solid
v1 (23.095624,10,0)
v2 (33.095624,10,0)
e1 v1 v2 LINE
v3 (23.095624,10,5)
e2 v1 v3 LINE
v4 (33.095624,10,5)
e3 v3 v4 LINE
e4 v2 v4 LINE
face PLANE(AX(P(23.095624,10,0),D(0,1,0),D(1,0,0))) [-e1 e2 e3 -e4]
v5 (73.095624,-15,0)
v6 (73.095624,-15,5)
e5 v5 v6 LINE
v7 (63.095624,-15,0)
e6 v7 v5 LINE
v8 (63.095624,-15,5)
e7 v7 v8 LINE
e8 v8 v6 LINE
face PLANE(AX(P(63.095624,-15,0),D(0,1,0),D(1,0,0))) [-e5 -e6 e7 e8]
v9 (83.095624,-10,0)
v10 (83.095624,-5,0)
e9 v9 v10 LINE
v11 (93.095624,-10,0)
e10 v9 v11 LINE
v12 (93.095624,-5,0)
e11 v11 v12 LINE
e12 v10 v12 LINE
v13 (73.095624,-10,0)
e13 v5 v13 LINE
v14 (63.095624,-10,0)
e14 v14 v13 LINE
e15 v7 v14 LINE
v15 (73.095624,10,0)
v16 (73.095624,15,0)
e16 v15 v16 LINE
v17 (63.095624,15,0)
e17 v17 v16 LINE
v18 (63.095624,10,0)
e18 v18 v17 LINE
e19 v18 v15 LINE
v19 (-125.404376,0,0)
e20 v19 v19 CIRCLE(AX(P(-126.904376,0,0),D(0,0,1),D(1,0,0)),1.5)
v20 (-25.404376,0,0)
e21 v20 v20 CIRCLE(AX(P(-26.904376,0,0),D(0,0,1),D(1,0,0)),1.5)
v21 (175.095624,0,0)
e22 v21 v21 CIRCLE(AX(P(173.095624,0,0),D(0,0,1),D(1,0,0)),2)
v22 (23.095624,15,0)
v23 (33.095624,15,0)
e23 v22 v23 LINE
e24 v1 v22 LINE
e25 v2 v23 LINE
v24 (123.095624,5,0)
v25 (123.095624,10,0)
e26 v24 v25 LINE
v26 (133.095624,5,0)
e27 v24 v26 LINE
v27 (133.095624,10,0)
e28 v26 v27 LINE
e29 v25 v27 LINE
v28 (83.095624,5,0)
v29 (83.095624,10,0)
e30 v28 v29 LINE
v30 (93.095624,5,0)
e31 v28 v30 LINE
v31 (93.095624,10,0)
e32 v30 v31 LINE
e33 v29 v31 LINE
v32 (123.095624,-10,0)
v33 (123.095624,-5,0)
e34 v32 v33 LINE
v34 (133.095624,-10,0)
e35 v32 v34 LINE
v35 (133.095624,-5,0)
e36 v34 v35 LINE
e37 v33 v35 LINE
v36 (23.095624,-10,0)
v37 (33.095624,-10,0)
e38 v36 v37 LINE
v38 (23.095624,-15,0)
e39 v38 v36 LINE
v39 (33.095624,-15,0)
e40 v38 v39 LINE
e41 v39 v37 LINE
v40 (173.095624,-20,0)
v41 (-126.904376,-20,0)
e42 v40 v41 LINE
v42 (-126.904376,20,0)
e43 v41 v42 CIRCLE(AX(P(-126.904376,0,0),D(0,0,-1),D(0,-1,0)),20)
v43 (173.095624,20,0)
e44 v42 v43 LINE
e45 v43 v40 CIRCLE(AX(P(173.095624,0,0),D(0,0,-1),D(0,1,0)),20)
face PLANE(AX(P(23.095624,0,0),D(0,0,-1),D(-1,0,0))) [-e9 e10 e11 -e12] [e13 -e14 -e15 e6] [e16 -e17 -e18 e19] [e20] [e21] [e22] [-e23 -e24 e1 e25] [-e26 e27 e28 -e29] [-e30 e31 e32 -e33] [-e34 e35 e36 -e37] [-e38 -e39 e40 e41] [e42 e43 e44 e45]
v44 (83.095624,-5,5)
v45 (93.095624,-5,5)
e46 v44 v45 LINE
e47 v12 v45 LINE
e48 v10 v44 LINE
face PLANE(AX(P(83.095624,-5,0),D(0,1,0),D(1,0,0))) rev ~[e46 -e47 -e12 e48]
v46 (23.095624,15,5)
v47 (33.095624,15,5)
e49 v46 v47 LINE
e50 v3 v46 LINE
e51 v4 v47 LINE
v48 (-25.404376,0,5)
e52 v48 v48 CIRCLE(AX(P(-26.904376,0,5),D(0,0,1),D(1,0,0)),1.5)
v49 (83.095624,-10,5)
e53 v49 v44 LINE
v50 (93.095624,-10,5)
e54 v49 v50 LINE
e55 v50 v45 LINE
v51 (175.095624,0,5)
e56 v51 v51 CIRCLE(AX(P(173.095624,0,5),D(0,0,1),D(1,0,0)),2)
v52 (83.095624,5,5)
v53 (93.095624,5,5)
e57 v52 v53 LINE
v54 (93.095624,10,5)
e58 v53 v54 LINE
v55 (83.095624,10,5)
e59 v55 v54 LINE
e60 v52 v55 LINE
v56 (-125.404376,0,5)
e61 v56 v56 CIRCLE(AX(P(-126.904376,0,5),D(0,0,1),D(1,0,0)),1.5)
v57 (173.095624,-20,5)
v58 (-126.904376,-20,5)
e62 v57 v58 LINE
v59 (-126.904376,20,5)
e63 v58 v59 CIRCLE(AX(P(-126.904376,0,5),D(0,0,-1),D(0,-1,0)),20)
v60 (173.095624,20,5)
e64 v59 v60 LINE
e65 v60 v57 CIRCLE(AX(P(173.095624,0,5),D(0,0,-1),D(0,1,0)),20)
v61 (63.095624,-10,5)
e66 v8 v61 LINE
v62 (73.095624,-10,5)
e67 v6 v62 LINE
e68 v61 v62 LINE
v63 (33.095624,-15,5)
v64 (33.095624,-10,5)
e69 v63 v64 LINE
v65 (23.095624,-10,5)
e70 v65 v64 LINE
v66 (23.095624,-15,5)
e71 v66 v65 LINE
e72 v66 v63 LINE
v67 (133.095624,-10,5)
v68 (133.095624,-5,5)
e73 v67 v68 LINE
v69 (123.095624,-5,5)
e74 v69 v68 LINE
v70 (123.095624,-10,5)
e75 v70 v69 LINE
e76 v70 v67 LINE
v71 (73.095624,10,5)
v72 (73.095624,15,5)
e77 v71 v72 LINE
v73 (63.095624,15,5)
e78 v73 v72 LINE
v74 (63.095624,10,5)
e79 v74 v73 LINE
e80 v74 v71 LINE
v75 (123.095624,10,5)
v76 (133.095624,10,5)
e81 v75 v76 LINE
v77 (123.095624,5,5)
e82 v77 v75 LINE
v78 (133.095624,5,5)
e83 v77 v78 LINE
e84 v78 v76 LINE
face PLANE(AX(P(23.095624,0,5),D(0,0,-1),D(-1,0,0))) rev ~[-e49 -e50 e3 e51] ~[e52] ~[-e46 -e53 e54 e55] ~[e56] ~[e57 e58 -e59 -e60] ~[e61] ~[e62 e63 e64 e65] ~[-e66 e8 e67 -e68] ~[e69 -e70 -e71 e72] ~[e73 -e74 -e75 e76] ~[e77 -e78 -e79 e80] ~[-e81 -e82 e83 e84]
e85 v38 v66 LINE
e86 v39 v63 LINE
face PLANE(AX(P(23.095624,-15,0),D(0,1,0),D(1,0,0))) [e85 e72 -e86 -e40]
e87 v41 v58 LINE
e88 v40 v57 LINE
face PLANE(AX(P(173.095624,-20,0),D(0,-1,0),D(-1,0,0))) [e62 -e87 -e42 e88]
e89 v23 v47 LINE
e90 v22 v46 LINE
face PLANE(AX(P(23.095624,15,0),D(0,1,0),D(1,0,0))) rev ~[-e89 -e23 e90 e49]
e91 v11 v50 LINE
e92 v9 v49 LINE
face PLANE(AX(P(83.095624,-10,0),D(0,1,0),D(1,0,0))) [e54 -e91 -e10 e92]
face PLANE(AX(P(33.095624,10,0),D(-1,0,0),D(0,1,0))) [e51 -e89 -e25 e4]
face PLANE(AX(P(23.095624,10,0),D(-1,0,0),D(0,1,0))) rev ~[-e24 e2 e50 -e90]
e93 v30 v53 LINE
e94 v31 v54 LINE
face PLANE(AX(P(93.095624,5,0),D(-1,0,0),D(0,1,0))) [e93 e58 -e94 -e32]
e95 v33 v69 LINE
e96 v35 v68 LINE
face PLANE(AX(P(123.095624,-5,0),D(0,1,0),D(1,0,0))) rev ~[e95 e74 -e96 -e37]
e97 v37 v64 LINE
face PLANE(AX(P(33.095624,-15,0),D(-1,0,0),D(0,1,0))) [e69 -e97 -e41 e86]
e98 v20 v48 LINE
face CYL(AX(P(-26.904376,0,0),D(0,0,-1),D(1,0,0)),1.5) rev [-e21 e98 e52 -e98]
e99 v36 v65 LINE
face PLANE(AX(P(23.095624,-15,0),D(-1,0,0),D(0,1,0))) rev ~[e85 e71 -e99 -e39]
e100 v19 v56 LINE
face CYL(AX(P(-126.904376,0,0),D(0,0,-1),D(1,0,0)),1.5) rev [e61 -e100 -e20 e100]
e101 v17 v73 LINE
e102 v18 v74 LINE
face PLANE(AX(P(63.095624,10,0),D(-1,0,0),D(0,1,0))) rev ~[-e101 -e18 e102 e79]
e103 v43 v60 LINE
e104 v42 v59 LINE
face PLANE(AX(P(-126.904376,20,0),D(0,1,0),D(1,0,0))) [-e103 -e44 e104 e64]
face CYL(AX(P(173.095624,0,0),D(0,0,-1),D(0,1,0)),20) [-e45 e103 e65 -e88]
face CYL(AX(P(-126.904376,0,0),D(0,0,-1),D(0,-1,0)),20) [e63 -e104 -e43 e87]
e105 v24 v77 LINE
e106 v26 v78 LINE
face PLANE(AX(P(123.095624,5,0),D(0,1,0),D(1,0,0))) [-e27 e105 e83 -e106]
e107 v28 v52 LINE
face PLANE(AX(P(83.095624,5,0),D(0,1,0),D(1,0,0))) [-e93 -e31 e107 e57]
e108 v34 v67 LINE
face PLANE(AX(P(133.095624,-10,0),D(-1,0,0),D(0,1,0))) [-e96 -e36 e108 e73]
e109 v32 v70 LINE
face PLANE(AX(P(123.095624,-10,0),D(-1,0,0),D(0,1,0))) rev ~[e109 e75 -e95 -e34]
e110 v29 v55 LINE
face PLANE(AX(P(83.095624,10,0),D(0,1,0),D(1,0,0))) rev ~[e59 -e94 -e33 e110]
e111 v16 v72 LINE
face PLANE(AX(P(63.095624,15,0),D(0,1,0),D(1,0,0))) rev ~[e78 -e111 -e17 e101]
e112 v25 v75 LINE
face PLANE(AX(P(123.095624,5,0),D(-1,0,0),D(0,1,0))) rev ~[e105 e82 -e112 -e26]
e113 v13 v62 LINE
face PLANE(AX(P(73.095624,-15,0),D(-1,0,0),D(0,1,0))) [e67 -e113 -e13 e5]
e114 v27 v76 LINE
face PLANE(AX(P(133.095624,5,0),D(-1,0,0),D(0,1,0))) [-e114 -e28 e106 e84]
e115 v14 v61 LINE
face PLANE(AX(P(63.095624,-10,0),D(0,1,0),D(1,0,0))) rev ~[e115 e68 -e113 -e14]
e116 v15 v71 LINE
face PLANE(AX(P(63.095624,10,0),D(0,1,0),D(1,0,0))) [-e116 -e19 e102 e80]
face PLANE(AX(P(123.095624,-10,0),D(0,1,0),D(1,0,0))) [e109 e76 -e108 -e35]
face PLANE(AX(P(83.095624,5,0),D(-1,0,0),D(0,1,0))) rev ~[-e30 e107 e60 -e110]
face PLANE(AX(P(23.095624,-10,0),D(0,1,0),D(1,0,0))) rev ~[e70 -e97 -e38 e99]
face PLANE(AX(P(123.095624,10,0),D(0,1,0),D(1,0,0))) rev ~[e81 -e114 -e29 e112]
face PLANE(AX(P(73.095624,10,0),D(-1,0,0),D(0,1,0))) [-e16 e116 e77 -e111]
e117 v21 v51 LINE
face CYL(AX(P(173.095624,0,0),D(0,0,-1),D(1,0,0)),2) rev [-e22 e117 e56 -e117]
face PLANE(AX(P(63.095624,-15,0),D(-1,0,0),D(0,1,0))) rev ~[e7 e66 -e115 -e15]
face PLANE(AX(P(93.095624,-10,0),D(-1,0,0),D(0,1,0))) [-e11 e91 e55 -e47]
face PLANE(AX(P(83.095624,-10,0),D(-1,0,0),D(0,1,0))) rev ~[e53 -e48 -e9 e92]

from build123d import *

# Parameters (mm, degrees)
SKETCH1_R           = 1.5
SKETCH1_R_2         = 2
SKETCH1_W           = 10
SKETCH1_H           = 5
BOSS_EXTRUDE2_DEPTH = 5


with BuildPart() as part:
    # Sketch1 → Boss-Extrude2 (new body)
    with BuildSketch(Plane.XY):
        with BuildLine():
            Line((-126.904376013, 20), (173.095623987, 20))
            ThreePointArc((173.095623987, 20), (193.095623987, 0), (173.095623987, -20))
            Line((173.095623987, -20), (-126.904376013, -20))
            ThreePointArc((-126.904376013, -20), (-146.904376013, 0), (-126.904376013, 20))
        make_face()
        with Locations((-126.904376013, 0)):
            Circle(SKETCH1_R, mode=Mode.SUBTRACT)
        with Locations((173.095623987, 0)):
            Circle(SKETCH1_R_2, mode=Mode.SUBTRACT)
        with Locations((-26.904376013, 0)):
            Circle(SKETCH1_R, mode=Mode.SUBTRACT)
        with Locations((28.095623987, 12.5)):
            Rectangle(SKETCH1_W, SKETCH1_H, mode=Mode.SUBTRACT)
        with Locations((68.095623987, 12.5)):
            Rectangle(SKETCH1_W, SKETCH1_H, mode=Mode.SUBTRACT)
        with Locations((88.095623987, 7.5)):
            Rectangle(SKETCH1_W, SKETCH1_H, mode=Mode.SUBTRACT)
        with Locations((128.095623987, 7.5)):
            Rectangle(SKETCH1_W, SKETCH1_H, mode=Mode.SUBTRACT)
        with Locations((28.095623987, -12.5)):
            Rectangle(SKETCH1_W, SKETCH1_H, mode=Mode.SUBTRACT)
        with Locations((68.095623987, -12.5)):
            Rectangle(SKETCH1_W, SKETCH1_H, mode=Mode.SUBTRACT)
        with Locations((88.095623987, -7.5)):
            Rectangle(SKETCH1_W, SKETCH1_H, mode=Mode.SUBTRACT)
        with Locations((128.095623987, -7.5)):
            Rectangle(SKETCH1_W, SKETCH1_H, mode=Mode.SUBTRACT)
    extrude(amount=BOSS_EXTRUDE2_DEPTH)


solid = part.part
